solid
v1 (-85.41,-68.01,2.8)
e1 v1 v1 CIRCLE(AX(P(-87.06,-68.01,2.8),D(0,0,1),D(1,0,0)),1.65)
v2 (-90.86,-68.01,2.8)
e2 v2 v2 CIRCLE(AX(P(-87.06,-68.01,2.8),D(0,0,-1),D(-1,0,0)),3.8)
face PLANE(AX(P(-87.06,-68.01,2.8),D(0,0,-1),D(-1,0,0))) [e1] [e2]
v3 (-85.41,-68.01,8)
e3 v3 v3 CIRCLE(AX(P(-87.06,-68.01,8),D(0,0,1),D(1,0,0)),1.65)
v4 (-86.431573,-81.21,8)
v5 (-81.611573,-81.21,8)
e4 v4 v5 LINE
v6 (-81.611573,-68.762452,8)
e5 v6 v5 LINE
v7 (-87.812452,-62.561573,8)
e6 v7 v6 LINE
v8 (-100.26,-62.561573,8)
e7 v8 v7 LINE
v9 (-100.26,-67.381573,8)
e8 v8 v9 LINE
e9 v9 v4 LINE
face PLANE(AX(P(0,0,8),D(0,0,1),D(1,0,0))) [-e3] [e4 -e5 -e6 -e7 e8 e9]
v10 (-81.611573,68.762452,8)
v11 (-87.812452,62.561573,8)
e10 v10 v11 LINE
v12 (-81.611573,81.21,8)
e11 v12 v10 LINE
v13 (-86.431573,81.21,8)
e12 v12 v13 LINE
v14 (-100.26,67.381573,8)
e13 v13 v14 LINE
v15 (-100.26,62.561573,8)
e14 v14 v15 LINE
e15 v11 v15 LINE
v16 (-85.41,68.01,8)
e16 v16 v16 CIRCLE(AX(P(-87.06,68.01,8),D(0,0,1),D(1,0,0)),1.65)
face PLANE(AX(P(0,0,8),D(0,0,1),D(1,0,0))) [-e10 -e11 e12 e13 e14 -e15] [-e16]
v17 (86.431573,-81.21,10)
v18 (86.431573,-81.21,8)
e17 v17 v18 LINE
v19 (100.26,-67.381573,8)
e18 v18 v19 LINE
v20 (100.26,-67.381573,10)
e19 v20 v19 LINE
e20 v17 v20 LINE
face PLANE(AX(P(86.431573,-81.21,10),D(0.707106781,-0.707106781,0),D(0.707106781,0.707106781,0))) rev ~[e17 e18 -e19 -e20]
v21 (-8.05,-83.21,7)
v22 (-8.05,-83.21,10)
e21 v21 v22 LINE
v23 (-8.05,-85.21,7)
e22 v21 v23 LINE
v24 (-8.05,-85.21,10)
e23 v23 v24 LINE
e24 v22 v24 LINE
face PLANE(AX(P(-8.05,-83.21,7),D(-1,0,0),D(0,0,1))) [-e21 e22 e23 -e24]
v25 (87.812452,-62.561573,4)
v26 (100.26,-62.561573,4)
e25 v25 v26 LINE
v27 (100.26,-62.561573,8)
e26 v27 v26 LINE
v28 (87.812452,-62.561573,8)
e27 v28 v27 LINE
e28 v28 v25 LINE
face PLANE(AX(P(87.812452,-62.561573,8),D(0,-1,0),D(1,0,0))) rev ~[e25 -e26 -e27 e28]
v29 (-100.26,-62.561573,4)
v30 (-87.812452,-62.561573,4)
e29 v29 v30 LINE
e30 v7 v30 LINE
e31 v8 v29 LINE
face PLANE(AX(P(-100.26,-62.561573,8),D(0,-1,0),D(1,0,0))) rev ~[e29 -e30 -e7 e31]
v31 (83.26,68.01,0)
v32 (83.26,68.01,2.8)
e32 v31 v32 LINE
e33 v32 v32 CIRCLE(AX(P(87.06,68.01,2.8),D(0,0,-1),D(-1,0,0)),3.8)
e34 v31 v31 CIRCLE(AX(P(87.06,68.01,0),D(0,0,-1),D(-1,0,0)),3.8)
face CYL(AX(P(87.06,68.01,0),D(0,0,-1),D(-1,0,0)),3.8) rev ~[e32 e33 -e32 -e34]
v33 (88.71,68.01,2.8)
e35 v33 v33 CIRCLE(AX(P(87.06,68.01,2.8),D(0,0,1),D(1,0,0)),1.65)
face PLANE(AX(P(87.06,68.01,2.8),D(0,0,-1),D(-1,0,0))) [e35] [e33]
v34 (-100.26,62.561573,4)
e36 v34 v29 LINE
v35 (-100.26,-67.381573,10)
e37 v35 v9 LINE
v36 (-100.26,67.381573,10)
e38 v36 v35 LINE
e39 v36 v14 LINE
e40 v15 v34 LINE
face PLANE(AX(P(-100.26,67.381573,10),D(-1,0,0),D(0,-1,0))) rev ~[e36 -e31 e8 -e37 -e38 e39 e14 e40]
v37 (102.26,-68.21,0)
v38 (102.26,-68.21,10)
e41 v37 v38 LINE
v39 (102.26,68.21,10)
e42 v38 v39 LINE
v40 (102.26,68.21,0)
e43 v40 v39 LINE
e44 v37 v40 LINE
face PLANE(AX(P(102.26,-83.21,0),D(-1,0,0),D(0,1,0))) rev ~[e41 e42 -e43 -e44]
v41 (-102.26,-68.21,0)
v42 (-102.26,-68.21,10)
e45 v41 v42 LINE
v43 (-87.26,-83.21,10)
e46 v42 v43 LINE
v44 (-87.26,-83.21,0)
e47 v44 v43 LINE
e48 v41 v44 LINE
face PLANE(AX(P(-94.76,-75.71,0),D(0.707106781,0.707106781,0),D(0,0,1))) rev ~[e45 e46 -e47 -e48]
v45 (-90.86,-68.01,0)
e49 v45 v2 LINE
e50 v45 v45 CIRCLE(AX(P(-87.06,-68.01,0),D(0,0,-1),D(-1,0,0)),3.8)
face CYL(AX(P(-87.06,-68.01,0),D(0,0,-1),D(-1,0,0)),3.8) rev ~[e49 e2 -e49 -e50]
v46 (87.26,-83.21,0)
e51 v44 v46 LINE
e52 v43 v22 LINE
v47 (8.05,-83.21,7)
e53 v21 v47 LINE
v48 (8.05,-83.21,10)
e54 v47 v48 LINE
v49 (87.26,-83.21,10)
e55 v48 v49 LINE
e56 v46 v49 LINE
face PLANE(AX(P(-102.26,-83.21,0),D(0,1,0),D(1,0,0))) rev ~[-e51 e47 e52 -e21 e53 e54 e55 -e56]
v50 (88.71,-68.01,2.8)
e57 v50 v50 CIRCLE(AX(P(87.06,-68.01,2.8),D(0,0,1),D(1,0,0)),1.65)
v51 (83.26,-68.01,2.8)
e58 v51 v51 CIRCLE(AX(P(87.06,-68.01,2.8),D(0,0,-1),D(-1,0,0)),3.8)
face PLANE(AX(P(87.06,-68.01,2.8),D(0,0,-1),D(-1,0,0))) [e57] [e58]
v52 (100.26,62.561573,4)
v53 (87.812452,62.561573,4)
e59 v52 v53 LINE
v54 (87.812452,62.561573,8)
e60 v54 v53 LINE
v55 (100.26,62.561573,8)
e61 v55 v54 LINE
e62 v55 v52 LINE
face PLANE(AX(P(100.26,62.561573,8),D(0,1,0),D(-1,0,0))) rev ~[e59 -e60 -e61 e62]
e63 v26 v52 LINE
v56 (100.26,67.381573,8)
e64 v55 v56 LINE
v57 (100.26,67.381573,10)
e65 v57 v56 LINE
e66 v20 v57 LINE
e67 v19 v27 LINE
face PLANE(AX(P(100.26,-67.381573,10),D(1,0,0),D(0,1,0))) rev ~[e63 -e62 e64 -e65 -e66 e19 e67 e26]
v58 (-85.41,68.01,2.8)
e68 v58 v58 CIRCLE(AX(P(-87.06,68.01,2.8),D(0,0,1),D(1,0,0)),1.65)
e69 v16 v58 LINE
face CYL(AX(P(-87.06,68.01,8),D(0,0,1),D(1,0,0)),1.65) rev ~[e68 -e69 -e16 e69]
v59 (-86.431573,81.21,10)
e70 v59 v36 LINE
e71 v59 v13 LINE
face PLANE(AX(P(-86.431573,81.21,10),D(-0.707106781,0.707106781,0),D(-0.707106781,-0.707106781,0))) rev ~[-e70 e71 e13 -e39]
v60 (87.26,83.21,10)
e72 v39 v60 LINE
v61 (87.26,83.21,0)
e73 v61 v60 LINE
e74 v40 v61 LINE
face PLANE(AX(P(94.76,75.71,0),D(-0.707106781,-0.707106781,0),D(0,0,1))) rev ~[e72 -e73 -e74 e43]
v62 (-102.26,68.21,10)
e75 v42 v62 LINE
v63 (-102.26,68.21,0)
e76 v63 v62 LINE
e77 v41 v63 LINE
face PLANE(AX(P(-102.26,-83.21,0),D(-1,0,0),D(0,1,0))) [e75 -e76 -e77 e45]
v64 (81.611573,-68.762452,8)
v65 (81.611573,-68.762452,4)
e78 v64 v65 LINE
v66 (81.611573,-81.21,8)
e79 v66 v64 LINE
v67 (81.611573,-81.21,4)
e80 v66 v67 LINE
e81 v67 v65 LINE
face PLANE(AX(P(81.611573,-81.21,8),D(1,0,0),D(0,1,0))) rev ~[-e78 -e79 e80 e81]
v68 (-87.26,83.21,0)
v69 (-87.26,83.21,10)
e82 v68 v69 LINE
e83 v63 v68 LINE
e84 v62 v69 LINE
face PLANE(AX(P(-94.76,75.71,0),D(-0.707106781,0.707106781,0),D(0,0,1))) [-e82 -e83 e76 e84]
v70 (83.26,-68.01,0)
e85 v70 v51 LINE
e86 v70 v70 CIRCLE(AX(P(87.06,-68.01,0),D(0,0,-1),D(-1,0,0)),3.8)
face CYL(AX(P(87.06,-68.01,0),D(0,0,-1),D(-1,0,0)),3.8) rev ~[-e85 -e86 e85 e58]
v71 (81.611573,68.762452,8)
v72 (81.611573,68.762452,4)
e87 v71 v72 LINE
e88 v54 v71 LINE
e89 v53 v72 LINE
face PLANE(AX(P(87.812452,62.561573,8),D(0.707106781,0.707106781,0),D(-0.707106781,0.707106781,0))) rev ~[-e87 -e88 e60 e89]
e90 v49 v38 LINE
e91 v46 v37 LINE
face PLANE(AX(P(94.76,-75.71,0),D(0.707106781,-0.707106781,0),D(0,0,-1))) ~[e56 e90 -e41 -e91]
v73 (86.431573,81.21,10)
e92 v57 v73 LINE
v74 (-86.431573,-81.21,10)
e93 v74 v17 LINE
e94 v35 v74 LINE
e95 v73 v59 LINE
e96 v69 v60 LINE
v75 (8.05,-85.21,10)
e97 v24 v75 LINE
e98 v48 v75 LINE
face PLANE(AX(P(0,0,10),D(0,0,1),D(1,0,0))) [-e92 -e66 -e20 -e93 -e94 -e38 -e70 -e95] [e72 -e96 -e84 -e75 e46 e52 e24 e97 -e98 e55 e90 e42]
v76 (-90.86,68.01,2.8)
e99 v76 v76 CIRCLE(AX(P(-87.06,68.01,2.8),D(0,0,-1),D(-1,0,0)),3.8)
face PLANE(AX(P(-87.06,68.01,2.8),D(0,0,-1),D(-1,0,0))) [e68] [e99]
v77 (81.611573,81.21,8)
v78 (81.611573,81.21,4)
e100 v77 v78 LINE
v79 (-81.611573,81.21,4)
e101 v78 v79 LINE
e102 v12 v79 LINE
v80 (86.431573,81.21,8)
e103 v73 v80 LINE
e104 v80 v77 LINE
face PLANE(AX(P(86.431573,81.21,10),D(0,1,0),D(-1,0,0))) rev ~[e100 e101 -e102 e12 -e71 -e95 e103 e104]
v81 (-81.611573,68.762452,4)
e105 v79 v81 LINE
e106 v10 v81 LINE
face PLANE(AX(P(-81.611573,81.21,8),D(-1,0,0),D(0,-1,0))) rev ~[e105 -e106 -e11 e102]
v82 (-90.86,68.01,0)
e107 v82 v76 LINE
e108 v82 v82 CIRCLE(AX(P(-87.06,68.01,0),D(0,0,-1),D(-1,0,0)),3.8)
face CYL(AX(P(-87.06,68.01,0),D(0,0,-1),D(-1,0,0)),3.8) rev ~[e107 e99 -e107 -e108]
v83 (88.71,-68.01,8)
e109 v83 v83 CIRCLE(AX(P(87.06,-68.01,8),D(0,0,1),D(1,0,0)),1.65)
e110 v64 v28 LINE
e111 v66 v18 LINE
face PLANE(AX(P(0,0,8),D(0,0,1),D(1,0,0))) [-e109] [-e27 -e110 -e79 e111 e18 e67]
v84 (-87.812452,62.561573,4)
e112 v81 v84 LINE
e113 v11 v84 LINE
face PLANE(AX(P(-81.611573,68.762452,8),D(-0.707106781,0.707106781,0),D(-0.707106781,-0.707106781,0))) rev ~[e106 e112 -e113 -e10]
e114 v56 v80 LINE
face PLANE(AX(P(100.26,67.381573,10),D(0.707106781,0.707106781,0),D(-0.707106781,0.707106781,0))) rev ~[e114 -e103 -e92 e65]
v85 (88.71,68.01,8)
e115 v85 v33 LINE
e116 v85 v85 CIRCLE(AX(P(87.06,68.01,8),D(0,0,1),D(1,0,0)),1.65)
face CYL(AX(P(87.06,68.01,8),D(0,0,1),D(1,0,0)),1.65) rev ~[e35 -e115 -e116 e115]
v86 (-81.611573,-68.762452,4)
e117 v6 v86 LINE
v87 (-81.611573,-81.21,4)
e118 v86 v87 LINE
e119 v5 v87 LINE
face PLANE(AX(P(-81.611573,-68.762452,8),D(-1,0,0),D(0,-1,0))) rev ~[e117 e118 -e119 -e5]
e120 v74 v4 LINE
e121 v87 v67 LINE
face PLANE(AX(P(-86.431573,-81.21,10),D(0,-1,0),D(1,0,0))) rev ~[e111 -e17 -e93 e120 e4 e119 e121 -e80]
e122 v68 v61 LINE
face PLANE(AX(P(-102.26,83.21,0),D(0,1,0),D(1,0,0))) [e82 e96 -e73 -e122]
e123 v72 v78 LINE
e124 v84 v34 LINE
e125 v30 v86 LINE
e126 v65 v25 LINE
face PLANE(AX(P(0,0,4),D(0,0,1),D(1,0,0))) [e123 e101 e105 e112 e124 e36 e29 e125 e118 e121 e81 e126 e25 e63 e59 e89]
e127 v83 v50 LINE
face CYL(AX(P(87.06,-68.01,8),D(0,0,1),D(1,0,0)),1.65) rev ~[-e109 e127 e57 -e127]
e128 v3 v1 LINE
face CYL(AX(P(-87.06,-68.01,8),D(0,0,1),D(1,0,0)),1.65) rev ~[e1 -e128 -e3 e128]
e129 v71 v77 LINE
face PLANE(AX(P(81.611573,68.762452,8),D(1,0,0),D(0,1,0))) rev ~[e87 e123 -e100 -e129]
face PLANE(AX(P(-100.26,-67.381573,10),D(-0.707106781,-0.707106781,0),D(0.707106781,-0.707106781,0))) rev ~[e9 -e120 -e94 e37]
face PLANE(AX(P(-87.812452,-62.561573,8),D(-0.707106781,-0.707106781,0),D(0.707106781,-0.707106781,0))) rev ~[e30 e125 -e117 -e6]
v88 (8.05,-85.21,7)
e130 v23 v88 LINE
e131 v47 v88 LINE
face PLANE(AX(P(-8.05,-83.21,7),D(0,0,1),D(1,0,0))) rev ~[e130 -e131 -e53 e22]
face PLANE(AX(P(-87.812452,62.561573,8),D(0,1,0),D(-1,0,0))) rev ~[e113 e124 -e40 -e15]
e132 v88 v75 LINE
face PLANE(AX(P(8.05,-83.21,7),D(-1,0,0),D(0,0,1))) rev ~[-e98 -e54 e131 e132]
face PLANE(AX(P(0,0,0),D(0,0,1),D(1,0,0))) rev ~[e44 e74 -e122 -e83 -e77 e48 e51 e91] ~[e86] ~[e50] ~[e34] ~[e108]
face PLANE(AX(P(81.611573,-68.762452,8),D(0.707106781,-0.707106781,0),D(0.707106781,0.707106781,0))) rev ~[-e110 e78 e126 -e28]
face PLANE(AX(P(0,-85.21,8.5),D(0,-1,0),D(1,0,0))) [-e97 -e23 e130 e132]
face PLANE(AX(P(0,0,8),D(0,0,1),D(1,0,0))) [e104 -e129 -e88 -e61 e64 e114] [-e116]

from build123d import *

# Parameters (mm, degrees)
ESQUISSE1_W             = 204.52
ESQUISSE1_H             = 166.42
BOSS_EXTRU_1_DEPTH      = 10
CHANFREIN1_SIZE         = 15
ENL_V_MAT_EXTRU_1_DEPTH = 2
ENL_V_MAT_EXTRU_2_DEPTH = 4
ESQUISSE4_R             = 1.65
ENL_V_MAT_EXTRU_3_DEPTH = 9
ESQUISSE5_R             = 3.8
ENL_V_MAT_EXTRU_4_DEPTH = 2.8
ESQUISSE6_W             = 16.1
ESQUISSE6_H             = 3
BOSS_EXTRU_2_DEPTH      = 2


with BuildPart() as part:
    # Esquisse1 → Boss.-Extru.1 (new body)
    with BuildSketch(Plane.XY):
        Rectangle(ESQUISSE1_W, ESQUISSE1_H)
    extrude(amount=BOSS_EXTRU_1_DEPTH)

    # Chanfrein1
    chanfrein1_edges = [part.edges().sort_by_distance(p)[0] for p in [
        (-102.26, 83.21, 5),
        (102.26, 83.21, 5),
        (102.26, -83.21, 5),
        (-102.26, -83.21, 5),
    ]]
    chamfer(chanfrein1_edges, length=CHANFREIN1_SIZE)

    # Esquisse2 → Enlèv. mat.-Extru.1 (cut)
    with BuildSketch(Plane.XY.offset(10)):
        Polygon((86.431572875, -81.21), (100.26, -67.381572875), (100.26, 67.381572875), (86.431572875, 81.21), (-86.431572875, 81.21), (-100.26, 67.381572875), (-100.26, -67.381572875), (-86.431572875, -81.21), align=None)
    extrude(amount=-ENL_V_MAT_EXTRU_1_DEPTH, mode=Mode.SUBTRACT)

    # Esquisse3 → Enlèv. mat.-Extru.2 (cut)
    with BuildSketch(Plane.XY.offset(8)):
        Polygon((-81.611572875, 81.21), (-81.611572875, 68.762452403), (-87.812452403, 62.561572875), (-100.26, 62.561572875), (-100.26, -62.561572875), (-87.812452403, -62.561572875), (-81.611572875, -68.762452403), (-81.611572875, -81.21), (81.611572875, -81.21), (81.611572875, -68.762452403), (87.812452403, -62.561572875), (100.26, -62.561572875), (100.26, 62.561572875), (87.812452403, 62.561572875), (81.611572875, 68.762452403), (81.611572875, 81.21), align=None)
    extrude(amount=-ENL_V_MAT_EXTRU_2_DEPTH, mode=Mode.SUBTRACT)

    # Esquisse4 → Enlèv. mat.-Extru.3 (cut, through all)
    with BuildSketch(Plane.XY.offset(8)):
        with Locations((-87.06, 68.01)):
            Circle(ESQUISSE4_R)
        with Locations((-87.06, -68.01)):
            Circle(ESQUISSE4_R)
        with Locations((87.06, -68.01)):
            Circle(ESQUISSE4_R)
        with Locations((87.06, 68.01)):
            Circle(ESQUISSE4_R)
    extrude(amount=-ENL_V_MAT_EXTRU_3_DEPTH, mode=Mode.SUBTRACT)

    # Esquisse5 → Enlèv. mat.-Extru.4 (cut)
    with BuildSketch(Plane(origin=(0, 0, 0), x_dir=(-1, 0, 0), z_dir=(0, 0, -1))):
        with Locations((87.06, 68.01)):
            Circle(ESQUISSE5_R)
        with Locations((-87.06, 68.01)):
            Circle(ESQUISSE5_R)
        with Locations((-87.06, -68.01)):
            Circle(ESQUISSE5_R)
        with Locations((87.06, -68.01)):
            Circle(ESQUISSE5_R)
    extrude(amount=-ENL_V_MAT_EXTRU_4_DEPTH, mode=Mode.SUBTRACT)

    # Esquisse6 → Boss.-Extru.2 (add)
    with BuildSketch(Plane.XZ.offset(83.21)):
        with Locations((0, 8.5)):
            Rectangle(ESQUISSE6_W, ESQUISSE6_H)
    extrude(amount=BOSS_EXTRU_2_DEPTH)


solid = part.part
